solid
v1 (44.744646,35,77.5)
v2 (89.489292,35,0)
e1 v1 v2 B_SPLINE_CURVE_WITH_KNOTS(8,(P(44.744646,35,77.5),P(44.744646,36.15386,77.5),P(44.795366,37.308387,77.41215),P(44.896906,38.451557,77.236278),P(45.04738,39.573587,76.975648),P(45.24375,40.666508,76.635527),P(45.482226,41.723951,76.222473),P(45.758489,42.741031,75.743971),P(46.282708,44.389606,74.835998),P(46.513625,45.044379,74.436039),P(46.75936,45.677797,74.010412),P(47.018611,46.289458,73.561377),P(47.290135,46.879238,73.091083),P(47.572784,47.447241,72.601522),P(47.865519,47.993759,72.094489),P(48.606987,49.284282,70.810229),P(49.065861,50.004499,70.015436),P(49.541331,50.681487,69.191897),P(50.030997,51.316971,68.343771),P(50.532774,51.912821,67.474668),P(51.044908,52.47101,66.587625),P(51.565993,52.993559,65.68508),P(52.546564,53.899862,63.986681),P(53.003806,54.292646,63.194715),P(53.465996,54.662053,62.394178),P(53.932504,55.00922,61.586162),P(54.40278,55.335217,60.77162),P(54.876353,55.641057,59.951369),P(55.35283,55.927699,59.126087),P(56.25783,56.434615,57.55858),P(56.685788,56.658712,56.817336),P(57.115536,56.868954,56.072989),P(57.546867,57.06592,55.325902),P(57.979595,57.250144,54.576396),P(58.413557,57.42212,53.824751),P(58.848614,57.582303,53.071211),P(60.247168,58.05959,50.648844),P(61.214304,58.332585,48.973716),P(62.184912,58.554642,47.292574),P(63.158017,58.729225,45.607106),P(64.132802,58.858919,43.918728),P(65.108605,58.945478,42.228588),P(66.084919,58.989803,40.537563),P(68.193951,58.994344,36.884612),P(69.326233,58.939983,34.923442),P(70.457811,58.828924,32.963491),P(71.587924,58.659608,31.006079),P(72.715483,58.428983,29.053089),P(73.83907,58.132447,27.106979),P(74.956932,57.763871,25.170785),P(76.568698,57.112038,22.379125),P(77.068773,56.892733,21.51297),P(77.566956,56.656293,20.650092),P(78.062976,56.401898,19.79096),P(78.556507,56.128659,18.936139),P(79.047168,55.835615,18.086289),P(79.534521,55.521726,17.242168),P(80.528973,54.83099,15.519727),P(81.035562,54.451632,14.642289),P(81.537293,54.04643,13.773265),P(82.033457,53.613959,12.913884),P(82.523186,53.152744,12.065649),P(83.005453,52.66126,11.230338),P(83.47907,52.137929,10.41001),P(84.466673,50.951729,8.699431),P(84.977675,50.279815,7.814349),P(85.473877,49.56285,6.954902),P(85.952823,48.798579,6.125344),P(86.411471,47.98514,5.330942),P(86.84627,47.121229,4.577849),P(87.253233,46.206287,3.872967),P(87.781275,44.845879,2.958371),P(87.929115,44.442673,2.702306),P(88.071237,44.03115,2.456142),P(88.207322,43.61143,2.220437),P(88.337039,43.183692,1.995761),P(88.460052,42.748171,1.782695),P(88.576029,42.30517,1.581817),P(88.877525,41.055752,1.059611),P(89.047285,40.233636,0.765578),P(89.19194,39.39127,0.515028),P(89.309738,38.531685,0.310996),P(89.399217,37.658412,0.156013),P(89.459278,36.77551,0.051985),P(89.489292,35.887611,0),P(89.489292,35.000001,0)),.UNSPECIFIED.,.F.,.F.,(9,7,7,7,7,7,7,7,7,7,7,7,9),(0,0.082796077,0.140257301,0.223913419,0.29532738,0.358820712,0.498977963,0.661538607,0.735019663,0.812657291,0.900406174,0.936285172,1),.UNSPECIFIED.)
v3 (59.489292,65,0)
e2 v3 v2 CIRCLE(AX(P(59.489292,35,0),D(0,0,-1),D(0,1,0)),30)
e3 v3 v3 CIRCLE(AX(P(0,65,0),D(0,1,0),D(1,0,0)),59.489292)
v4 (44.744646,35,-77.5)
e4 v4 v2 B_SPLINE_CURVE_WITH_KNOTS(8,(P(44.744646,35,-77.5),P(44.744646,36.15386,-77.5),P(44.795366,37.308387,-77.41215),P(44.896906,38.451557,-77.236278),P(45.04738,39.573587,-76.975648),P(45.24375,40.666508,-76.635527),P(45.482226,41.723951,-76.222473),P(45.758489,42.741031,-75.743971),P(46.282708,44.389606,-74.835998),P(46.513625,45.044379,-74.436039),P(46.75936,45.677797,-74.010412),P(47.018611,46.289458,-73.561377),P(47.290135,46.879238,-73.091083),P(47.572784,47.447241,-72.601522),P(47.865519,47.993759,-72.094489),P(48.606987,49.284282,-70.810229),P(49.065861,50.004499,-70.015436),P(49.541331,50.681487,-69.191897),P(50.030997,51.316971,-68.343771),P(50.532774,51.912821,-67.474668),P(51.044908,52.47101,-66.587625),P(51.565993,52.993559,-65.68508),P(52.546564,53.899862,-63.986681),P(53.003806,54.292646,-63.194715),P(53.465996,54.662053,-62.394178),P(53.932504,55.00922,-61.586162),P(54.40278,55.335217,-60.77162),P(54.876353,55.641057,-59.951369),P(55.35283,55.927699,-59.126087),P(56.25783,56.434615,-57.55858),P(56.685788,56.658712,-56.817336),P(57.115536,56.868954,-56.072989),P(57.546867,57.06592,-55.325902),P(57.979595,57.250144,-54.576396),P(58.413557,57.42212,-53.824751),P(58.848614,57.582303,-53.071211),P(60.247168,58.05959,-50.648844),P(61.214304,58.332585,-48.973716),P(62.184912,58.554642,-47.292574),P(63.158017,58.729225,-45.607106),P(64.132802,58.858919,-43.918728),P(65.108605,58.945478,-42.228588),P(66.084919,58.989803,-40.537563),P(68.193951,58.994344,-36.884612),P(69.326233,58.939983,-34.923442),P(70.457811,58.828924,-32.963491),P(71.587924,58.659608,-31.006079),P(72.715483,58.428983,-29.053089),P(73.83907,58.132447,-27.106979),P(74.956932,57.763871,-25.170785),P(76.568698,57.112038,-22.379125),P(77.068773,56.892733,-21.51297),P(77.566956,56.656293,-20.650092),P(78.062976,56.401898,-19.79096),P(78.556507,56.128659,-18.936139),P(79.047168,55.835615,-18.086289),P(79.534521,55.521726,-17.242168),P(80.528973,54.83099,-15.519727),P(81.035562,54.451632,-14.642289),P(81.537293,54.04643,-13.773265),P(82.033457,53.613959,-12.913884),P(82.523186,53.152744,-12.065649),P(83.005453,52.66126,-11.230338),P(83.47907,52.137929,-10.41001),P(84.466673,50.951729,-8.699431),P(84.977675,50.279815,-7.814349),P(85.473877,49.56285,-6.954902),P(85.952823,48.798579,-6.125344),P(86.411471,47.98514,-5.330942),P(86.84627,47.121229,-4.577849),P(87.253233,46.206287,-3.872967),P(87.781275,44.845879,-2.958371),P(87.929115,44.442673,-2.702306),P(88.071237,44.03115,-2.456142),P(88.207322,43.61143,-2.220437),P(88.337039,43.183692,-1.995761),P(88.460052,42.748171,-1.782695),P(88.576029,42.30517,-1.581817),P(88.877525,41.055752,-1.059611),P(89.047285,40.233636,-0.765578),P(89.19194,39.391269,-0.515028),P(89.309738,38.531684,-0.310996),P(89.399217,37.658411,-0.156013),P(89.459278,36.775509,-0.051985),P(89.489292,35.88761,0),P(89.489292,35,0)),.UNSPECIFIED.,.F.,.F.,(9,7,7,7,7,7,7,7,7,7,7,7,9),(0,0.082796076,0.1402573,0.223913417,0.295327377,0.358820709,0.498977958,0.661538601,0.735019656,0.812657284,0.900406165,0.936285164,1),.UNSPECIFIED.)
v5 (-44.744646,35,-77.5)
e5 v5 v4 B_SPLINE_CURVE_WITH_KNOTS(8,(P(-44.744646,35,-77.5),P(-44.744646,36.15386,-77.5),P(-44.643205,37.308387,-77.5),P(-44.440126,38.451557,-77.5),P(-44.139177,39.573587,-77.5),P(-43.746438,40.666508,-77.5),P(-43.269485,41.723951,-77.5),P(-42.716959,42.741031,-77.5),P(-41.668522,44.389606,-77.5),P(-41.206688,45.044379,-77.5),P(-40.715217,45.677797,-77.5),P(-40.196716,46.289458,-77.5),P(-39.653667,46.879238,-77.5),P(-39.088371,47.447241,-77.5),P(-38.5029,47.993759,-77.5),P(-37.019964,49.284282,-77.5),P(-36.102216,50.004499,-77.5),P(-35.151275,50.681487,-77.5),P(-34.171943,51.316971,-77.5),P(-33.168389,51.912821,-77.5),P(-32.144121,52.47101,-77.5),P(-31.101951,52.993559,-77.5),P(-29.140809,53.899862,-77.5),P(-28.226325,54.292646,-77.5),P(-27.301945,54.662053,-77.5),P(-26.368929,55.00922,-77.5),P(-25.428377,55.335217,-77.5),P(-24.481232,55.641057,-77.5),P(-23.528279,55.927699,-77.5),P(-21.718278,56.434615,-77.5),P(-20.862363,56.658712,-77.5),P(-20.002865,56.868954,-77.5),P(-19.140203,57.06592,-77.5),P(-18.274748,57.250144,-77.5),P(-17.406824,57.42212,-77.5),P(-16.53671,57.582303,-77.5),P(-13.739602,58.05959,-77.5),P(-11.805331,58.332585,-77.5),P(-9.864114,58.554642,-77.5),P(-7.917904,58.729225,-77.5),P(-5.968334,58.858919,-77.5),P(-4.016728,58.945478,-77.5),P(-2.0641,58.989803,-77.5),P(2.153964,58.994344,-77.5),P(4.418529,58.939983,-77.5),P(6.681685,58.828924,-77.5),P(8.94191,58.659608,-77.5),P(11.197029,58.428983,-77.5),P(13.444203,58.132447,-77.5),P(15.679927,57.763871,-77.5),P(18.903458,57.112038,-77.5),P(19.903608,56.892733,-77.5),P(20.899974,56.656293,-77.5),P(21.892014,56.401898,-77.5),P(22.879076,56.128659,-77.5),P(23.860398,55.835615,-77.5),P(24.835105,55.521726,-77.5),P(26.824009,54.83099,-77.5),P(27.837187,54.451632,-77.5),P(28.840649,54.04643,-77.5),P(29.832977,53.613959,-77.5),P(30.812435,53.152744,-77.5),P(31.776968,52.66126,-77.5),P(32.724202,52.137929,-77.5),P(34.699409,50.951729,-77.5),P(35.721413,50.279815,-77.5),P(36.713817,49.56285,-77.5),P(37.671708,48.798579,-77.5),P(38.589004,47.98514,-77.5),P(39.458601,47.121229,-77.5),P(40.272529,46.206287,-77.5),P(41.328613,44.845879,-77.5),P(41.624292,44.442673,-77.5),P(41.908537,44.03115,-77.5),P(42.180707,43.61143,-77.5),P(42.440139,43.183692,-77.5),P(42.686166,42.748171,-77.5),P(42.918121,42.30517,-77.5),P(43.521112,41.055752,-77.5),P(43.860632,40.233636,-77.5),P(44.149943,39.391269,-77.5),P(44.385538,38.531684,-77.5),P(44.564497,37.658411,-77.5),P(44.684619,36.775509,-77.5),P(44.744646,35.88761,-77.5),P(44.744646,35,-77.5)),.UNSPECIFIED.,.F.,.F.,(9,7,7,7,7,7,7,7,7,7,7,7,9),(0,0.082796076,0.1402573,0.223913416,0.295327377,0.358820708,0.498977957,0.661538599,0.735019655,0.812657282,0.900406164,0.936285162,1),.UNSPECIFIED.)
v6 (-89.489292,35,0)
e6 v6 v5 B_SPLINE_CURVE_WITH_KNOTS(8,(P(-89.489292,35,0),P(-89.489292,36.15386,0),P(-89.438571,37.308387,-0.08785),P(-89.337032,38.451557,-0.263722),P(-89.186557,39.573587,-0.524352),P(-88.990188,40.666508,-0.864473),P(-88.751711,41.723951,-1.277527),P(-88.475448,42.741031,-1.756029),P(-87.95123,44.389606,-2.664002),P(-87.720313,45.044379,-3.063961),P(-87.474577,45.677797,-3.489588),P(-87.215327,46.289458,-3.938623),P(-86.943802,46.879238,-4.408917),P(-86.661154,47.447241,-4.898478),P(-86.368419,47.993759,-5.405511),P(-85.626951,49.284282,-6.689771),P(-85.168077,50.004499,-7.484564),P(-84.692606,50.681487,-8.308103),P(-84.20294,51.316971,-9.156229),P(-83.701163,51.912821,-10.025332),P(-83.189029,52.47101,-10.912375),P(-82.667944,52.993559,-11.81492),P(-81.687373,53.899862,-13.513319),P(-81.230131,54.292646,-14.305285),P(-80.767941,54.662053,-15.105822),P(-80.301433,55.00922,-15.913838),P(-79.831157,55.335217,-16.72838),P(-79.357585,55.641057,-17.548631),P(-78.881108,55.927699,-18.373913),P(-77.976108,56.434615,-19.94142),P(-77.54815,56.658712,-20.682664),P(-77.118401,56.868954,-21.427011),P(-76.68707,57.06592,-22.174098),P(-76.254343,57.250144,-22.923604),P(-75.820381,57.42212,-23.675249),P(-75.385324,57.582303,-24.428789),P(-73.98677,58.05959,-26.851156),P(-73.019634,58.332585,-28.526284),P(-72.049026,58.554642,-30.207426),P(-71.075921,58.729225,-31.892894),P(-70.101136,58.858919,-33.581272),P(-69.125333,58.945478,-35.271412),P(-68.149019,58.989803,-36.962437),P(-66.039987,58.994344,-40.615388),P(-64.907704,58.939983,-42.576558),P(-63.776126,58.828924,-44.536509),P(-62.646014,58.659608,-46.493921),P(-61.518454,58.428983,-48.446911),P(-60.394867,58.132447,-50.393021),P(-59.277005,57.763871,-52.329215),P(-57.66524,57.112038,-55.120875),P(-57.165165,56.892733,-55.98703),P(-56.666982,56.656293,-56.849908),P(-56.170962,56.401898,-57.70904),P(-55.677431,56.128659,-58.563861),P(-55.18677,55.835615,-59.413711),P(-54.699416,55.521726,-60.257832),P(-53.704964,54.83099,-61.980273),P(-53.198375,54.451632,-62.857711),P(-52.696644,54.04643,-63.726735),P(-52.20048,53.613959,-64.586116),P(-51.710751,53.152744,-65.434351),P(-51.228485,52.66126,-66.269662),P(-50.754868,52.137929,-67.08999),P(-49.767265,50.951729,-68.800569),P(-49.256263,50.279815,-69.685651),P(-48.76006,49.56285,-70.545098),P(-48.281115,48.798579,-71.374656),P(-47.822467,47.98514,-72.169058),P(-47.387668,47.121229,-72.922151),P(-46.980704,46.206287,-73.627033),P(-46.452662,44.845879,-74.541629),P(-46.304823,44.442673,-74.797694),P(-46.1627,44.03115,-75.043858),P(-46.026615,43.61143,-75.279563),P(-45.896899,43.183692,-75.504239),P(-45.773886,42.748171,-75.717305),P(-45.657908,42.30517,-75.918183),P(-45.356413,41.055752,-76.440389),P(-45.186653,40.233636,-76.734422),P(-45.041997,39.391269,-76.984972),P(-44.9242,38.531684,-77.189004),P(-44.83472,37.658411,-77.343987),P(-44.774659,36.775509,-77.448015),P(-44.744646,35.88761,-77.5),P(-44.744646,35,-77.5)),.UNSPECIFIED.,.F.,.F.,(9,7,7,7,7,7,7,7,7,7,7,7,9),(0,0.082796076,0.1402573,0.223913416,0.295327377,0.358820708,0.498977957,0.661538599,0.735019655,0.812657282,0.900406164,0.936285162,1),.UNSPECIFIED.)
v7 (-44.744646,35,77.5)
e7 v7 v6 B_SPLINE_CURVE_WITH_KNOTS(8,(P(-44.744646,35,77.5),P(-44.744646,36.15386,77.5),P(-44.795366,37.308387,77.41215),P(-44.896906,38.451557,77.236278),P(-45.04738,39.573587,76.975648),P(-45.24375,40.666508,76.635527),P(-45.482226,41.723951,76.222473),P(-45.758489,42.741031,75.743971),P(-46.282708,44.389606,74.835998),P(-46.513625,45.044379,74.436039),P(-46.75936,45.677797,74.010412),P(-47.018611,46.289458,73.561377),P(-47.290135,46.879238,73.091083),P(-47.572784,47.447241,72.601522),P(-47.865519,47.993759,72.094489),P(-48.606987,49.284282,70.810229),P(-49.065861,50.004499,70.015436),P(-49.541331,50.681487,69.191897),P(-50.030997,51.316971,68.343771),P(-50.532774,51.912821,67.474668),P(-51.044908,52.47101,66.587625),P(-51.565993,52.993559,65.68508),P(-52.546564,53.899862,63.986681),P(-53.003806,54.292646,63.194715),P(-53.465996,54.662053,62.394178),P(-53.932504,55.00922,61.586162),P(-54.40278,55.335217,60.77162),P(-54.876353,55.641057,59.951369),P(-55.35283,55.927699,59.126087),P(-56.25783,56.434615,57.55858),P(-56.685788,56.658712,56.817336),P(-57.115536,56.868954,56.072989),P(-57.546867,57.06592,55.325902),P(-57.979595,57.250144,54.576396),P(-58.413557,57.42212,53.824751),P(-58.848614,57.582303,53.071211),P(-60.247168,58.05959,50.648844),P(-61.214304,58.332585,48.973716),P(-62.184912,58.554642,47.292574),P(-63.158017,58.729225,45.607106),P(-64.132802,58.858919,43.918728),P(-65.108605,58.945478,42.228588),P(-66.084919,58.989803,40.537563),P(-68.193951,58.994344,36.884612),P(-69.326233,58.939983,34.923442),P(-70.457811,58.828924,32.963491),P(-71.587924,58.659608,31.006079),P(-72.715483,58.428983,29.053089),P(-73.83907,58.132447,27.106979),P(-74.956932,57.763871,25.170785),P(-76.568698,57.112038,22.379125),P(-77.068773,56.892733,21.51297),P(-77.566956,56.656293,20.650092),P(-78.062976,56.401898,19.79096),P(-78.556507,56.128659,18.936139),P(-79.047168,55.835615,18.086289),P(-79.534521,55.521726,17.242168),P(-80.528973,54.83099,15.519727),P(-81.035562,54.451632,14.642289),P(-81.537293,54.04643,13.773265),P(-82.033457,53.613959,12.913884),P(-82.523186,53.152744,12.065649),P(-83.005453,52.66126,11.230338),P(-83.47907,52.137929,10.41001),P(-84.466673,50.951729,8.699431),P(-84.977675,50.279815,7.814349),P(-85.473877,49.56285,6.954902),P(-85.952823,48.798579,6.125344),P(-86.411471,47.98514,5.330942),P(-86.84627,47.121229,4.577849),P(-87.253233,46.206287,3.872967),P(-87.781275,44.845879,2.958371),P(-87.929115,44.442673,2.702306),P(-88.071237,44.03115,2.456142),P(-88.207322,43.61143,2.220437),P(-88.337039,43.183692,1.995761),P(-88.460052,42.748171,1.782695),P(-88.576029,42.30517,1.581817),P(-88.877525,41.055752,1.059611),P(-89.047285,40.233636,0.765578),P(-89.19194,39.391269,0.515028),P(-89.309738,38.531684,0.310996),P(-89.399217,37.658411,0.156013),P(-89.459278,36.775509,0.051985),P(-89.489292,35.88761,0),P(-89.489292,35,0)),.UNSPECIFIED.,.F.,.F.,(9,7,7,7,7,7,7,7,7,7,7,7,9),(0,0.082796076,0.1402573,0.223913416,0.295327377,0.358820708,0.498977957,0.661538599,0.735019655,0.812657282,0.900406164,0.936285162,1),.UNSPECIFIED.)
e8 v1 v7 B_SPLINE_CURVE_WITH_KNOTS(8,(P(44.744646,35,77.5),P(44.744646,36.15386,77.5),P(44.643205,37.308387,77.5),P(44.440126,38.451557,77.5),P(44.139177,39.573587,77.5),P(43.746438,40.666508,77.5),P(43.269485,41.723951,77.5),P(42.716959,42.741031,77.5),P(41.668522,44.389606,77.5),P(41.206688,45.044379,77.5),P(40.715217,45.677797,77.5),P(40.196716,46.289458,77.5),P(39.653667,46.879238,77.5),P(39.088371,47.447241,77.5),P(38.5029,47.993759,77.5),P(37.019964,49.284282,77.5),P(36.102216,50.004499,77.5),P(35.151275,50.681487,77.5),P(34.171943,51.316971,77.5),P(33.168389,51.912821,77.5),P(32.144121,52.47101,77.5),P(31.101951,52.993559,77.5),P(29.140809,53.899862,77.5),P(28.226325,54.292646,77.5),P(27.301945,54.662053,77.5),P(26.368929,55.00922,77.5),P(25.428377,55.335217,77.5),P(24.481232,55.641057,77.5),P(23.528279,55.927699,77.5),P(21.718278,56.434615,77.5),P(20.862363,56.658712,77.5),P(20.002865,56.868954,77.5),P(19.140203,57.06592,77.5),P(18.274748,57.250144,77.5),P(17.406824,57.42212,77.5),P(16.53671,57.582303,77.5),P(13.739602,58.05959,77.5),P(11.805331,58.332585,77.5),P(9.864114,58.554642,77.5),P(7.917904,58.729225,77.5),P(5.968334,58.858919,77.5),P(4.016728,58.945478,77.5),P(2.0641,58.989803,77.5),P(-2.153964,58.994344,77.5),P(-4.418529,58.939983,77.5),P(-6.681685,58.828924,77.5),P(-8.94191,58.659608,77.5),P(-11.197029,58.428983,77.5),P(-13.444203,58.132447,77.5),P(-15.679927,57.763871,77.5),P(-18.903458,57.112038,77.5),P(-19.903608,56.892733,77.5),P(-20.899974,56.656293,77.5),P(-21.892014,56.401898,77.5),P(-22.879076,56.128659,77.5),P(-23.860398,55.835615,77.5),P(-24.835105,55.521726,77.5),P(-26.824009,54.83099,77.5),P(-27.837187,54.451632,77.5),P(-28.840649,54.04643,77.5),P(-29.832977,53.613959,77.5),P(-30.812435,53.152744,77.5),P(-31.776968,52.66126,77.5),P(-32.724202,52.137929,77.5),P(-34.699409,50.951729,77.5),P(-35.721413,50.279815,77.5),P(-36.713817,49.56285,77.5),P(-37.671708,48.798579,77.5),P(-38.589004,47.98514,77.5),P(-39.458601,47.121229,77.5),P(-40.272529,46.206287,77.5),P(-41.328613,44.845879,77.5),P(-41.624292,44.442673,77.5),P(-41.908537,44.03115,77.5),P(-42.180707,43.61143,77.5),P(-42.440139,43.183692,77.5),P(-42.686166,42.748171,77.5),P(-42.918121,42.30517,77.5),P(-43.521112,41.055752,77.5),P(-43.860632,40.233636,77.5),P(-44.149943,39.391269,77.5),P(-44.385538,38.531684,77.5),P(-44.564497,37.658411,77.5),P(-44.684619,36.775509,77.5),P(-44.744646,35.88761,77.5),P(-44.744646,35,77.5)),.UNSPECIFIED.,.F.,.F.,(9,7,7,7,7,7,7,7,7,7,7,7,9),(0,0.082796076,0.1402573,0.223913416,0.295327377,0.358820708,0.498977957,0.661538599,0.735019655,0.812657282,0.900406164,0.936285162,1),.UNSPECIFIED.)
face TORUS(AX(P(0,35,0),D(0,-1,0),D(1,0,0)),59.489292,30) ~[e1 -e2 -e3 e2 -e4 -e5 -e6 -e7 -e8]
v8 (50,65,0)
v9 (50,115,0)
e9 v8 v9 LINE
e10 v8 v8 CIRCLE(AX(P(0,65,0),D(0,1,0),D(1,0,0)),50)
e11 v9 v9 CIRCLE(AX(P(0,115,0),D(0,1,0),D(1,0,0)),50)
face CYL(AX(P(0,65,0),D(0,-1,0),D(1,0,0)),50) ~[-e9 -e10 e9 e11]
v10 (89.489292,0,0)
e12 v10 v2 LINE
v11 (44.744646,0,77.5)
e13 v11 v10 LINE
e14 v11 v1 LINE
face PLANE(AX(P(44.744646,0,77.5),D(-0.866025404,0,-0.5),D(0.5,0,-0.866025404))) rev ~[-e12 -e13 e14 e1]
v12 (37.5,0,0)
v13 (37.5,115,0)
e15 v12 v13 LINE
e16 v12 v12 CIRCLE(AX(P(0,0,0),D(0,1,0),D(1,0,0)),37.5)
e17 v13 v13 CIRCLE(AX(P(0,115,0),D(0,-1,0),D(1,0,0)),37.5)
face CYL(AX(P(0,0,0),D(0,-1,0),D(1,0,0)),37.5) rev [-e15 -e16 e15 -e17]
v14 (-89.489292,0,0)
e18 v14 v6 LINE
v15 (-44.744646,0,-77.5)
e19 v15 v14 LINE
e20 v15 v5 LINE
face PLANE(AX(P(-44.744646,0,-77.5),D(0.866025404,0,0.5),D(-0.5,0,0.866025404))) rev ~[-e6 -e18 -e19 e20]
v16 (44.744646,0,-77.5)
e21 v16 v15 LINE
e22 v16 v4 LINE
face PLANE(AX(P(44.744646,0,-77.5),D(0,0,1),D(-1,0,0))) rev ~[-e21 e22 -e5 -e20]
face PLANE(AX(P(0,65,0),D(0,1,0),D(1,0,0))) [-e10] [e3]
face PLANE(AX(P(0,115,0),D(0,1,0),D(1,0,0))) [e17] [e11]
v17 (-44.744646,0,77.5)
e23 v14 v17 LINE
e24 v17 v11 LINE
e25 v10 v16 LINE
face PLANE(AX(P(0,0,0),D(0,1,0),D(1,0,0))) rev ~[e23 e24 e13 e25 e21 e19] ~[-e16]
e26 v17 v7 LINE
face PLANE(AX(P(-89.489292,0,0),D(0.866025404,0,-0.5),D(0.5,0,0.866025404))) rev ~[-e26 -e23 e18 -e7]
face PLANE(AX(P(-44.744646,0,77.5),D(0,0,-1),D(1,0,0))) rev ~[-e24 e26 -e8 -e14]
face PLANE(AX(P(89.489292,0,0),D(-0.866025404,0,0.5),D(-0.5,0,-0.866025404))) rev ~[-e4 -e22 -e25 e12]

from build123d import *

# Parameters (mm, degrees)
BOSS_EXTRUDE1_DEPTH     = 65
BOSS_EXTRUDE3_START     = 65
SKETCH4_R               = 50
BOSS_EXTRUDE3_DEPTH     = 50
SKETCH6_R               = 37.5
CUT_EXTRUDE1_DEPTH      = 116
CUT_EXTRUDE1_DEPTH_BACK = 1


with BuildPart() as part:
    # Sketch1 → Boss-Extrude1 (new body)
    with BuildSketch(Plane(origin=(0, 0, 0), x_dir=(1, 0, 0), z_dir=(0, 1, 0))):
        Polygon((89.489291724, 0), (44.744645862, 77.5), (-44.744645862, 77.5), (-89.489291724, 0), (-44.744645862, -77.5), (44.744645862, -77.5), align=None)
    extrude(amount=BOSS_EXTRUDE1_DEPTH)

    # Sketch4 → Boss-Extrude3 (add)
    with BuildSketch(Plane(origin=(0, 0, 0), x_dir=(1, 0, 0), z_dir=(0, 1, 0)).offset(BOSS_EXTRUDE3_START)):
        Circle(SKETCH4_R)
    extrude(amount=BOSS_EXTRUDE3_DEPTH)

    # Sketch6 → Cut-Extrude1 (cut, two sides)
    with BuildSketch(Plane(origin=(0, 0, 0), x_dir=(1, 0, 0), z_dir=(0, 1, 0))) as cut_extrude1_sk:
        Circle(SKETCH6_R)
    extrude(amount=CUT_EXTRUDE1_DEPTH, mode=Mode.SUBTRACT)
    extrude(cut_extrude1_sk.sketch, amount=-CUT_EXTRUDE1_DEPTH_BACK, mode=Mode.SUBTRACT)

    # Sketch7 → Cut-Revolve1 (revolve, cut)
    with BuildSketch(Plane.XY):
        with BuildLine():
            Line((89.489291724, 35), (89.489291724, 65))
            Line((89.489291724, 65), (59.489291724, 65))
            ThreePointArc((59.489291724, 65), (80.70249516, 56.213203436), (89.489291724, 35))
        make_face()
    revolve(axis=Axis((0, 0, 0), (0, 1, 0)), mode=Mode.SUBTRACT)


solid = part.part
